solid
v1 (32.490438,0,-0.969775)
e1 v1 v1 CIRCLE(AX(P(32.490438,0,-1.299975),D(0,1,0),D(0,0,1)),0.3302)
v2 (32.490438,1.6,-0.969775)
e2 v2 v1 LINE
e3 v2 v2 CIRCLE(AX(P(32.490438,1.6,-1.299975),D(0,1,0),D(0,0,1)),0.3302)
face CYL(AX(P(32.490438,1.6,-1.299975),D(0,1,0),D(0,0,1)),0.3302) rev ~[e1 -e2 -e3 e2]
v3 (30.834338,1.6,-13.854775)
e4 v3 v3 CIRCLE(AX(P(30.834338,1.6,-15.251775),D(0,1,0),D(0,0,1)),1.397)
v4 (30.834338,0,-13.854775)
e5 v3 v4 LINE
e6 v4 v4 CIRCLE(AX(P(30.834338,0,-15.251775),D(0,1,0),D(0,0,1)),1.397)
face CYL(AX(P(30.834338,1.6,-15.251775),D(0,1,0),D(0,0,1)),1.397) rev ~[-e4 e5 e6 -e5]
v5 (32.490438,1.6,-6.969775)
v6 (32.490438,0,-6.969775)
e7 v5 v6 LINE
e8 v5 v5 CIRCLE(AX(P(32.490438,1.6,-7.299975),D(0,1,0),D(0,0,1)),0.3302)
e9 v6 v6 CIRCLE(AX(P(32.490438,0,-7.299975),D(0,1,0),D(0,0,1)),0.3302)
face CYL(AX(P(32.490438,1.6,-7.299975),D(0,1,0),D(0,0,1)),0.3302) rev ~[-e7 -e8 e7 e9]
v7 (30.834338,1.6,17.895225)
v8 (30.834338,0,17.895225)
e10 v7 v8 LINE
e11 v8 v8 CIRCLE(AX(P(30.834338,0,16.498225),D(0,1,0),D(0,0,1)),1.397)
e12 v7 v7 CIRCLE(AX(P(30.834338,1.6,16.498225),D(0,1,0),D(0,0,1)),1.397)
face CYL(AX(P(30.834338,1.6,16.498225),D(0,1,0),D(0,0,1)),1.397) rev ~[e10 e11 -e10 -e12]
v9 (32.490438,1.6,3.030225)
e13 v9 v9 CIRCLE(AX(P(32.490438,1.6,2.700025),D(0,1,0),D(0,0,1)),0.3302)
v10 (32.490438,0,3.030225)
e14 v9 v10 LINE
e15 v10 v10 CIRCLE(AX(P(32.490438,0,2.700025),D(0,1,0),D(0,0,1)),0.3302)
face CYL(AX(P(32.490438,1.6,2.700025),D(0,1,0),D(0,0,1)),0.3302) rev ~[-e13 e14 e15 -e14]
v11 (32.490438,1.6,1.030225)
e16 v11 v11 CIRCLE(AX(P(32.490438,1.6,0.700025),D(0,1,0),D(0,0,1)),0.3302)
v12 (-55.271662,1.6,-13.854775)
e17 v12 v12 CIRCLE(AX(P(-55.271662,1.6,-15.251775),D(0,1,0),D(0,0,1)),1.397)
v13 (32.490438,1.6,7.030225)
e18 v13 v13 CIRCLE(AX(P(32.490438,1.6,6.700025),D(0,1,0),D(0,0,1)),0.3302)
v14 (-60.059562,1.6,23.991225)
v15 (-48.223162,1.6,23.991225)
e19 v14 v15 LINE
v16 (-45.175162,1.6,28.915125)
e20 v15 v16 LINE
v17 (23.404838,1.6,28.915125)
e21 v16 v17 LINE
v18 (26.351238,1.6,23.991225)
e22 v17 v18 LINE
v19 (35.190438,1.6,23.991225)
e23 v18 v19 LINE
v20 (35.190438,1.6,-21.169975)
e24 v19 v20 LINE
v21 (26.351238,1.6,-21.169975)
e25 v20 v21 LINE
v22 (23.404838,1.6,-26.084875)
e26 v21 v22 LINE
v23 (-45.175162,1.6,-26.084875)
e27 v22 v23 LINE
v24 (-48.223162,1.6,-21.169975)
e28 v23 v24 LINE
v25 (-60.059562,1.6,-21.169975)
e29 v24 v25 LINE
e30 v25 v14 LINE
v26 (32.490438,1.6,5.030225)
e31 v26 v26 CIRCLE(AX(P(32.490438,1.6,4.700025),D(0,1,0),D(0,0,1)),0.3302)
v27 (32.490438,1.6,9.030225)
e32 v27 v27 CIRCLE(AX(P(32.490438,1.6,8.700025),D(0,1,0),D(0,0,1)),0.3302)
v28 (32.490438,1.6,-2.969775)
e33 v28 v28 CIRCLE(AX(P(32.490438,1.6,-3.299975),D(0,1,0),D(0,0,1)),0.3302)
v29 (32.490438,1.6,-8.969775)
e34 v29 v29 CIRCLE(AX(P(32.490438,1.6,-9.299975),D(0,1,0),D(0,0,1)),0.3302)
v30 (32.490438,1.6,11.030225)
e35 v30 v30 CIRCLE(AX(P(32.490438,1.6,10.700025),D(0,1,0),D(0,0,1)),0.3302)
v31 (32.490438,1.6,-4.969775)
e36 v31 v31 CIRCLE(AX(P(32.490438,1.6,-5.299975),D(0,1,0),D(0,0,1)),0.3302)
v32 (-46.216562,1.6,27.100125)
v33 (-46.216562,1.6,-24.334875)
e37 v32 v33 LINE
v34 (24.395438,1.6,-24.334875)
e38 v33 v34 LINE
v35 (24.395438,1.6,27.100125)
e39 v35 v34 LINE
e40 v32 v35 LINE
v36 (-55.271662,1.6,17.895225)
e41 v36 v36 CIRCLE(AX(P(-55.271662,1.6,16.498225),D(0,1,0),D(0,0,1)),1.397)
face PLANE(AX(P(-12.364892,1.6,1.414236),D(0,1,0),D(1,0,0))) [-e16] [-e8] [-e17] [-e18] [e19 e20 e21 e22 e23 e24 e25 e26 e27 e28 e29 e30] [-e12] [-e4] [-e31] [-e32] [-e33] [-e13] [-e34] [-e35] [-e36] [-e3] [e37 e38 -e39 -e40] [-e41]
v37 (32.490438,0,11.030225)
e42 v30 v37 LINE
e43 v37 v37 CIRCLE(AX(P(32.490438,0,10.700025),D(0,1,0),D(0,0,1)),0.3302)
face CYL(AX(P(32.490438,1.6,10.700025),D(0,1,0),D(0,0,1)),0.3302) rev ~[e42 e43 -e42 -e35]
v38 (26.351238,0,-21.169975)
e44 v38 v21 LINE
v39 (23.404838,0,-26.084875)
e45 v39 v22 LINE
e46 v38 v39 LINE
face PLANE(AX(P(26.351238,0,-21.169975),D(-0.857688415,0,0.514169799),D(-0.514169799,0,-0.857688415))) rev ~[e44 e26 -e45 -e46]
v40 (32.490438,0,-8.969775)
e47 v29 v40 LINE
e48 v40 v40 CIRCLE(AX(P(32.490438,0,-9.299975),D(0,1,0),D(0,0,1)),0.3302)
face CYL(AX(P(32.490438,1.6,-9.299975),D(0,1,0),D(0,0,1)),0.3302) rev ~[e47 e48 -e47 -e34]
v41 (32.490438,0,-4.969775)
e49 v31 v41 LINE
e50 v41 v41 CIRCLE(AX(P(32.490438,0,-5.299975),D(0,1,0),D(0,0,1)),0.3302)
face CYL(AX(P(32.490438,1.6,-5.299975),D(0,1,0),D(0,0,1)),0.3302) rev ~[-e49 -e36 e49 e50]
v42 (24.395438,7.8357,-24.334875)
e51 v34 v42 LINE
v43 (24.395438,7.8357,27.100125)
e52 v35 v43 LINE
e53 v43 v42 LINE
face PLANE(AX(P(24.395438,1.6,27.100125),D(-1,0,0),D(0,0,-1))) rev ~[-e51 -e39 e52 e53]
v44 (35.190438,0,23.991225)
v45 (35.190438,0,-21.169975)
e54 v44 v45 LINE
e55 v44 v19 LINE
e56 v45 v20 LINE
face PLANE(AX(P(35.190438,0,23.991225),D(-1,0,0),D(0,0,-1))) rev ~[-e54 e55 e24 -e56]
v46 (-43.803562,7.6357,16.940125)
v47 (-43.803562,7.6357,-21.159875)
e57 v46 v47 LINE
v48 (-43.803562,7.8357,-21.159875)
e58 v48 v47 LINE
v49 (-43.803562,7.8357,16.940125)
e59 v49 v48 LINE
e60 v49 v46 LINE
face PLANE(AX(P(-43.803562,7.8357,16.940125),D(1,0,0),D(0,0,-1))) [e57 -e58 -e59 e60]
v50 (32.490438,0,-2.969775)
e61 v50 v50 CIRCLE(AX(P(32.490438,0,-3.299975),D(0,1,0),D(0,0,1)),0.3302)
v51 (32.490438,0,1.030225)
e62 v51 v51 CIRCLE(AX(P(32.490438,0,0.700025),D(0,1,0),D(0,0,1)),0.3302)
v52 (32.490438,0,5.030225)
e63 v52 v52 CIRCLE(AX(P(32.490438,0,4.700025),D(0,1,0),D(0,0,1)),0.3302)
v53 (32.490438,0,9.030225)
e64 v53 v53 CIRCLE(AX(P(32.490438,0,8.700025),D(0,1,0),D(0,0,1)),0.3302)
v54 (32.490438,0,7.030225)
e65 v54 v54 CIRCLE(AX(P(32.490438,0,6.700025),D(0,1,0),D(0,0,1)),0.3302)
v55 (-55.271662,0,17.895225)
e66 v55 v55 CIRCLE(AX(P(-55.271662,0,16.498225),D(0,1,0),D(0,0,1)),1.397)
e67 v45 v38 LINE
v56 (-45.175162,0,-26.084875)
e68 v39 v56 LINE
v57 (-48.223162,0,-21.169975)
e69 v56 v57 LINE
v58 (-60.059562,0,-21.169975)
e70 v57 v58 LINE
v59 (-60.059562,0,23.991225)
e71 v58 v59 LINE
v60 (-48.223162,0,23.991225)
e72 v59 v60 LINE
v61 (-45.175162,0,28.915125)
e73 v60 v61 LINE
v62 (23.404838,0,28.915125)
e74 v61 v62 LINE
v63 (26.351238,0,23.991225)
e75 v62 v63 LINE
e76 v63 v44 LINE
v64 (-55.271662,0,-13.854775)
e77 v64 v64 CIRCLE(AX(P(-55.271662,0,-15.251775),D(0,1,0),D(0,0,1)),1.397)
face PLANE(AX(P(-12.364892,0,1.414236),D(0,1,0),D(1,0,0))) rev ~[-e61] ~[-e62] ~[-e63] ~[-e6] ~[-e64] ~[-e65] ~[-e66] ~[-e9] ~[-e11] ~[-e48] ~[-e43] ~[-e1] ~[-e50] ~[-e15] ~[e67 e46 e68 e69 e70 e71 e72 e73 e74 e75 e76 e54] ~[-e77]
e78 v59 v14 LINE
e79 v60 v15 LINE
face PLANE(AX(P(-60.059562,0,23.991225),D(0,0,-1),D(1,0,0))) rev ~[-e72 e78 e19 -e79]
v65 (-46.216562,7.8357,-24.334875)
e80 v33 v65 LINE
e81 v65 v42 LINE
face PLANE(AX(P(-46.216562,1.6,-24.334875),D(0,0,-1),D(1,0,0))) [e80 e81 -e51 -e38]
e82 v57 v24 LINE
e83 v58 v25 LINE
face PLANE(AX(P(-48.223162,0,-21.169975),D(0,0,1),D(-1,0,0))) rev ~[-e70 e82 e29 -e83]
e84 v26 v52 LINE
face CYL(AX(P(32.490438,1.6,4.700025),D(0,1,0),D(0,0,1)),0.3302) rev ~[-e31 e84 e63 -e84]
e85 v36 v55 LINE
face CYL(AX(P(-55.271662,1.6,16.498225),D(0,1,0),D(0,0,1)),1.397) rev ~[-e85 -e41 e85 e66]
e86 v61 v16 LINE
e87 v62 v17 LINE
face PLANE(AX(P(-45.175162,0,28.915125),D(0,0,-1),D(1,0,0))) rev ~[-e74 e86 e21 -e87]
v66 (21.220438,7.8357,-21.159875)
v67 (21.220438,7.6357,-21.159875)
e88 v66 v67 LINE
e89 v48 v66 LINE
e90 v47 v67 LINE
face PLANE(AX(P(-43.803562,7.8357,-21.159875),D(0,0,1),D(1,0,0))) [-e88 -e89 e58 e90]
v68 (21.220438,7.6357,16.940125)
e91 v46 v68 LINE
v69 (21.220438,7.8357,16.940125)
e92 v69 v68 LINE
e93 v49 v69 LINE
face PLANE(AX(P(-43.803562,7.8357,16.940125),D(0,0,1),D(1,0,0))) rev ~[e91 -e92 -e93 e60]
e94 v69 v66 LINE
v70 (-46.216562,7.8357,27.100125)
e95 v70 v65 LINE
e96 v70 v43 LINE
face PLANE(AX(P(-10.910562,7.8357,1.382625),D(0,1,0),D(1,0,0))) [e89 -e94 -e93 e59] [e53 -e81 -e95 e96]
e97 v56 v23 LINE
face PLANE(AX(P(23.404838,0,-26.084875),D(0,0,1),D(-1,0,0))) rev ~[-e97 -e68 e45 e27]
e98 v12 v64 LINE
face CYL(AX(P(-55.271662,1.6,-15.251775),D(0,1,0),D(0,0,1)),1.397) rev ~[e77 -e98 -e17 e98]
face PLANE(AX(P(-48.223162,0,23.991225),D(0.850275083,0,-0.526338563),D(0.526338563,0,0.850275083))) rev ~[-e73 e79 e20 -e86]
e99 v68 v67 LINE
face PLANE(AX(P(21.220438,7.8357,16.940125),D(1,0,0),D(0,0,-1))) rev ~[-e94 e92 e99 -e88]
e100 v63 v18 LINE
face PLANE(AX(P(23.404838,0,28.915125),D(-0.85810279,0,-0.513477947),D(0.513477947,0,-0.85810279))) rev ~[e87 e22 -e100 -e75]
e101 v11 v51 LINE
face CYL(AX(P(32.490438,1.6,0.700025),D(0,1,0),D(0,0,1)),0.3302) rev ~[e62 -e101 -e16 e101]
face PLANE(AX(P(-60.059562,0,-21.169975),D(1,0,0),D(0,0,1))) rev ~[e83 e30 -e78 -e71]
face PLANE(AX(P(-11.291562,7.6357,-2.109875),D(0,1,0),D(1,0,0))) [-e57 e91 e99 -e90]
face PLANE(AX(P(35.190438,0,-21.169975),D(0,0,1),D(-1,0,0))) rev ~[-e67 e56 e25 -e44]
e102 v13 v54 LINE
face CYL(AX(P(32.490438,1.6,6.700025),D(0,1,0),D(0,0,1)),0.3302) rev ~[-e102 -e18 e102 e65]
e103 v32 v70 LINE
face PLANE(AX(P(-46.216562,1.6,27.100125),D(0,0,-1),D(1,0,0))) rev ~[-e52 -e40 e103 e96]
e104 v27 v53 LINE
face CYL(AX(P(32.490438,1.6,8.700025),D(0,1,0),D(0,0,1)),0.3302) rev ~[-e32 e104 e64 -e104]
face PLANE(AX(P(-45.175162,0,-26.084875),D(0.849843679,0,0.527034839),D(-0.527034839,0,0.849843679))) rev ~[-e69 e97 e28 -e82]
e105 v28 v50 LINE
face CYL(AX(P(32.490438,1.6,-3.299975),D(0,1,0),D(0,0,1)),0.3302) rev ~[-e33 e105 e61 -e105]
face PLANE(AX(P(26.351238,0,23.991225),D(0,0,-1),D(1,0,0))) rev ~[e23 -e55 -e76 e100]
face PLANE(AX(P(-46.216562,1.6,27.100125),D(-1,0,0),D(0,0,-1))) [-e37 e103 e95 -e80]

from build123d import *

# Parameters (mm, degrees)
BOSS_EXTRUDE1_DEPTH = 1.6
SKETCH2_R           = 1.397
CUT_EXTRUDE1_DEPTH  = 67.676798076
SKETCH3_W           = 70.612
SKETCH3_H           = 51.435
BOSS_EXTRUDE2_DEPTH = 6.2357
SKETCH4_W           = 65.024
SKETCH4_H           = 38.1
CUT_EXTRUDE2_DEPTH  = 0.2
SKETCH5_R           = 0.3302
CUT_EXTRUDE3_DEPTH  = 67.94863222
LPATTERN1_COUNT     = 11
LPATTERN1_PITCH     = 2


with BuildPart() as part:
    # Sketch1 → Boss-Extrude1 (new body)
    with BuildSketch(Plane(origin=(0, 0, 0), x_dir=(1, 0, 0), z_dir=(0, 1, 0))):
        Polygon((-60.059561589, 21.169974834), (-60.059561589, -23.991225166), (-48.223161589, -23.991225166), (-45.175161589, -28.915125166), (23.404838411, -28.915125166), (26.351238411, -23.991225166), (35.190438411, -23.991225166), (35.190438411, 21.169974834), (26.351238411, 21.169974834), (23.404838411, 26.084874834), (-45.175161589, 26.084874834), (-48.223161589, 21.169974834), align=None)
    extrude(amount=BOSS_EXTRUDE1_DEPTH)

    # Sketch2 → Cut-Extrude1 (cut, through all)
    with BuildSketch(Plane(origin=(0, 1.6, 0), x_dir=(1, 0, 0), z_dir=(0, 1, 0))):
        with Locations(Location((-55.271661589, 15.251774834, 0), (0, 0, 270))):
            Circle(SKETCH2_R)
        with Locations(Location((-55.271661589, -16.498225166, 0), (0, 0, 270))):
            Circle(SKETCH2_R)
        with Locations(Location((30.834338411, -16.498225166, 0), (0, 0, 270))):
            Circle(SKETCH2_R)
        with Locations(Location((30.834338411, 15.251774834, 0), (0, 0, 270))):
            Circle(SKETCH2_R)
    extrude(amount=-CUT_EXTRUDE1_DEPTH, mode=Mode.SUBTRACT)

    # Sketch3 → Boss-Extrude2 (add)
    with BuildSketch(Plane(origin=(0, 1.6, 0), x_dir=(1, 0, 0), z_dir=(0, 1, 0))):
        with Locations((-10.910561589, -1.382625166)):
            Rectangle(SKETCH3_W, SKETCH3_H)
    extrude(amount=BOSS_EXTRUDE2_DEPTH)

    # Sketch4 → Cut-Extrude2 (cut)
    with BuildSketch(Plane(origin=(0, 7.8357, 0), x_dir=(1, 0, 0), z_dir=(0, 1, 0))):
        with Locations((-11.291561589, 2.109874834)):
            Rectangle(SKETCH4_W, SKETCH4_H)
    extrude(amount=-CUT_EXTRUDE2_DEPTH, mode=Mode.SUBTRACT)

    # Sketch5 → Cut-Extrude3 (cut, through all)
    with BuildSketch(Plane(origin=(0, 1.6, 0), x_dir=(1, 0, 0), z_dir=(0, 1, 0))):
        with Locations(Location((32.490438411, 9.299974834, 0), (0, 0, 270))):
            Circle(SKETCH5_R)
    cut_extrude3 = extrude(amount=-CUT_EXTRUDE3_DEPTH, mode=Mode.SUBTRACT)

    # LPattern1: Cut-Extrude3 ×11
    with Locations(*[(0, 0, i * LPATTERN1_PITCH) for i in range(1, LPATTERN1_COUNT)]):
        add(cut_extrude3, mode=Mode.SUBTRACT)


solid = part.part
